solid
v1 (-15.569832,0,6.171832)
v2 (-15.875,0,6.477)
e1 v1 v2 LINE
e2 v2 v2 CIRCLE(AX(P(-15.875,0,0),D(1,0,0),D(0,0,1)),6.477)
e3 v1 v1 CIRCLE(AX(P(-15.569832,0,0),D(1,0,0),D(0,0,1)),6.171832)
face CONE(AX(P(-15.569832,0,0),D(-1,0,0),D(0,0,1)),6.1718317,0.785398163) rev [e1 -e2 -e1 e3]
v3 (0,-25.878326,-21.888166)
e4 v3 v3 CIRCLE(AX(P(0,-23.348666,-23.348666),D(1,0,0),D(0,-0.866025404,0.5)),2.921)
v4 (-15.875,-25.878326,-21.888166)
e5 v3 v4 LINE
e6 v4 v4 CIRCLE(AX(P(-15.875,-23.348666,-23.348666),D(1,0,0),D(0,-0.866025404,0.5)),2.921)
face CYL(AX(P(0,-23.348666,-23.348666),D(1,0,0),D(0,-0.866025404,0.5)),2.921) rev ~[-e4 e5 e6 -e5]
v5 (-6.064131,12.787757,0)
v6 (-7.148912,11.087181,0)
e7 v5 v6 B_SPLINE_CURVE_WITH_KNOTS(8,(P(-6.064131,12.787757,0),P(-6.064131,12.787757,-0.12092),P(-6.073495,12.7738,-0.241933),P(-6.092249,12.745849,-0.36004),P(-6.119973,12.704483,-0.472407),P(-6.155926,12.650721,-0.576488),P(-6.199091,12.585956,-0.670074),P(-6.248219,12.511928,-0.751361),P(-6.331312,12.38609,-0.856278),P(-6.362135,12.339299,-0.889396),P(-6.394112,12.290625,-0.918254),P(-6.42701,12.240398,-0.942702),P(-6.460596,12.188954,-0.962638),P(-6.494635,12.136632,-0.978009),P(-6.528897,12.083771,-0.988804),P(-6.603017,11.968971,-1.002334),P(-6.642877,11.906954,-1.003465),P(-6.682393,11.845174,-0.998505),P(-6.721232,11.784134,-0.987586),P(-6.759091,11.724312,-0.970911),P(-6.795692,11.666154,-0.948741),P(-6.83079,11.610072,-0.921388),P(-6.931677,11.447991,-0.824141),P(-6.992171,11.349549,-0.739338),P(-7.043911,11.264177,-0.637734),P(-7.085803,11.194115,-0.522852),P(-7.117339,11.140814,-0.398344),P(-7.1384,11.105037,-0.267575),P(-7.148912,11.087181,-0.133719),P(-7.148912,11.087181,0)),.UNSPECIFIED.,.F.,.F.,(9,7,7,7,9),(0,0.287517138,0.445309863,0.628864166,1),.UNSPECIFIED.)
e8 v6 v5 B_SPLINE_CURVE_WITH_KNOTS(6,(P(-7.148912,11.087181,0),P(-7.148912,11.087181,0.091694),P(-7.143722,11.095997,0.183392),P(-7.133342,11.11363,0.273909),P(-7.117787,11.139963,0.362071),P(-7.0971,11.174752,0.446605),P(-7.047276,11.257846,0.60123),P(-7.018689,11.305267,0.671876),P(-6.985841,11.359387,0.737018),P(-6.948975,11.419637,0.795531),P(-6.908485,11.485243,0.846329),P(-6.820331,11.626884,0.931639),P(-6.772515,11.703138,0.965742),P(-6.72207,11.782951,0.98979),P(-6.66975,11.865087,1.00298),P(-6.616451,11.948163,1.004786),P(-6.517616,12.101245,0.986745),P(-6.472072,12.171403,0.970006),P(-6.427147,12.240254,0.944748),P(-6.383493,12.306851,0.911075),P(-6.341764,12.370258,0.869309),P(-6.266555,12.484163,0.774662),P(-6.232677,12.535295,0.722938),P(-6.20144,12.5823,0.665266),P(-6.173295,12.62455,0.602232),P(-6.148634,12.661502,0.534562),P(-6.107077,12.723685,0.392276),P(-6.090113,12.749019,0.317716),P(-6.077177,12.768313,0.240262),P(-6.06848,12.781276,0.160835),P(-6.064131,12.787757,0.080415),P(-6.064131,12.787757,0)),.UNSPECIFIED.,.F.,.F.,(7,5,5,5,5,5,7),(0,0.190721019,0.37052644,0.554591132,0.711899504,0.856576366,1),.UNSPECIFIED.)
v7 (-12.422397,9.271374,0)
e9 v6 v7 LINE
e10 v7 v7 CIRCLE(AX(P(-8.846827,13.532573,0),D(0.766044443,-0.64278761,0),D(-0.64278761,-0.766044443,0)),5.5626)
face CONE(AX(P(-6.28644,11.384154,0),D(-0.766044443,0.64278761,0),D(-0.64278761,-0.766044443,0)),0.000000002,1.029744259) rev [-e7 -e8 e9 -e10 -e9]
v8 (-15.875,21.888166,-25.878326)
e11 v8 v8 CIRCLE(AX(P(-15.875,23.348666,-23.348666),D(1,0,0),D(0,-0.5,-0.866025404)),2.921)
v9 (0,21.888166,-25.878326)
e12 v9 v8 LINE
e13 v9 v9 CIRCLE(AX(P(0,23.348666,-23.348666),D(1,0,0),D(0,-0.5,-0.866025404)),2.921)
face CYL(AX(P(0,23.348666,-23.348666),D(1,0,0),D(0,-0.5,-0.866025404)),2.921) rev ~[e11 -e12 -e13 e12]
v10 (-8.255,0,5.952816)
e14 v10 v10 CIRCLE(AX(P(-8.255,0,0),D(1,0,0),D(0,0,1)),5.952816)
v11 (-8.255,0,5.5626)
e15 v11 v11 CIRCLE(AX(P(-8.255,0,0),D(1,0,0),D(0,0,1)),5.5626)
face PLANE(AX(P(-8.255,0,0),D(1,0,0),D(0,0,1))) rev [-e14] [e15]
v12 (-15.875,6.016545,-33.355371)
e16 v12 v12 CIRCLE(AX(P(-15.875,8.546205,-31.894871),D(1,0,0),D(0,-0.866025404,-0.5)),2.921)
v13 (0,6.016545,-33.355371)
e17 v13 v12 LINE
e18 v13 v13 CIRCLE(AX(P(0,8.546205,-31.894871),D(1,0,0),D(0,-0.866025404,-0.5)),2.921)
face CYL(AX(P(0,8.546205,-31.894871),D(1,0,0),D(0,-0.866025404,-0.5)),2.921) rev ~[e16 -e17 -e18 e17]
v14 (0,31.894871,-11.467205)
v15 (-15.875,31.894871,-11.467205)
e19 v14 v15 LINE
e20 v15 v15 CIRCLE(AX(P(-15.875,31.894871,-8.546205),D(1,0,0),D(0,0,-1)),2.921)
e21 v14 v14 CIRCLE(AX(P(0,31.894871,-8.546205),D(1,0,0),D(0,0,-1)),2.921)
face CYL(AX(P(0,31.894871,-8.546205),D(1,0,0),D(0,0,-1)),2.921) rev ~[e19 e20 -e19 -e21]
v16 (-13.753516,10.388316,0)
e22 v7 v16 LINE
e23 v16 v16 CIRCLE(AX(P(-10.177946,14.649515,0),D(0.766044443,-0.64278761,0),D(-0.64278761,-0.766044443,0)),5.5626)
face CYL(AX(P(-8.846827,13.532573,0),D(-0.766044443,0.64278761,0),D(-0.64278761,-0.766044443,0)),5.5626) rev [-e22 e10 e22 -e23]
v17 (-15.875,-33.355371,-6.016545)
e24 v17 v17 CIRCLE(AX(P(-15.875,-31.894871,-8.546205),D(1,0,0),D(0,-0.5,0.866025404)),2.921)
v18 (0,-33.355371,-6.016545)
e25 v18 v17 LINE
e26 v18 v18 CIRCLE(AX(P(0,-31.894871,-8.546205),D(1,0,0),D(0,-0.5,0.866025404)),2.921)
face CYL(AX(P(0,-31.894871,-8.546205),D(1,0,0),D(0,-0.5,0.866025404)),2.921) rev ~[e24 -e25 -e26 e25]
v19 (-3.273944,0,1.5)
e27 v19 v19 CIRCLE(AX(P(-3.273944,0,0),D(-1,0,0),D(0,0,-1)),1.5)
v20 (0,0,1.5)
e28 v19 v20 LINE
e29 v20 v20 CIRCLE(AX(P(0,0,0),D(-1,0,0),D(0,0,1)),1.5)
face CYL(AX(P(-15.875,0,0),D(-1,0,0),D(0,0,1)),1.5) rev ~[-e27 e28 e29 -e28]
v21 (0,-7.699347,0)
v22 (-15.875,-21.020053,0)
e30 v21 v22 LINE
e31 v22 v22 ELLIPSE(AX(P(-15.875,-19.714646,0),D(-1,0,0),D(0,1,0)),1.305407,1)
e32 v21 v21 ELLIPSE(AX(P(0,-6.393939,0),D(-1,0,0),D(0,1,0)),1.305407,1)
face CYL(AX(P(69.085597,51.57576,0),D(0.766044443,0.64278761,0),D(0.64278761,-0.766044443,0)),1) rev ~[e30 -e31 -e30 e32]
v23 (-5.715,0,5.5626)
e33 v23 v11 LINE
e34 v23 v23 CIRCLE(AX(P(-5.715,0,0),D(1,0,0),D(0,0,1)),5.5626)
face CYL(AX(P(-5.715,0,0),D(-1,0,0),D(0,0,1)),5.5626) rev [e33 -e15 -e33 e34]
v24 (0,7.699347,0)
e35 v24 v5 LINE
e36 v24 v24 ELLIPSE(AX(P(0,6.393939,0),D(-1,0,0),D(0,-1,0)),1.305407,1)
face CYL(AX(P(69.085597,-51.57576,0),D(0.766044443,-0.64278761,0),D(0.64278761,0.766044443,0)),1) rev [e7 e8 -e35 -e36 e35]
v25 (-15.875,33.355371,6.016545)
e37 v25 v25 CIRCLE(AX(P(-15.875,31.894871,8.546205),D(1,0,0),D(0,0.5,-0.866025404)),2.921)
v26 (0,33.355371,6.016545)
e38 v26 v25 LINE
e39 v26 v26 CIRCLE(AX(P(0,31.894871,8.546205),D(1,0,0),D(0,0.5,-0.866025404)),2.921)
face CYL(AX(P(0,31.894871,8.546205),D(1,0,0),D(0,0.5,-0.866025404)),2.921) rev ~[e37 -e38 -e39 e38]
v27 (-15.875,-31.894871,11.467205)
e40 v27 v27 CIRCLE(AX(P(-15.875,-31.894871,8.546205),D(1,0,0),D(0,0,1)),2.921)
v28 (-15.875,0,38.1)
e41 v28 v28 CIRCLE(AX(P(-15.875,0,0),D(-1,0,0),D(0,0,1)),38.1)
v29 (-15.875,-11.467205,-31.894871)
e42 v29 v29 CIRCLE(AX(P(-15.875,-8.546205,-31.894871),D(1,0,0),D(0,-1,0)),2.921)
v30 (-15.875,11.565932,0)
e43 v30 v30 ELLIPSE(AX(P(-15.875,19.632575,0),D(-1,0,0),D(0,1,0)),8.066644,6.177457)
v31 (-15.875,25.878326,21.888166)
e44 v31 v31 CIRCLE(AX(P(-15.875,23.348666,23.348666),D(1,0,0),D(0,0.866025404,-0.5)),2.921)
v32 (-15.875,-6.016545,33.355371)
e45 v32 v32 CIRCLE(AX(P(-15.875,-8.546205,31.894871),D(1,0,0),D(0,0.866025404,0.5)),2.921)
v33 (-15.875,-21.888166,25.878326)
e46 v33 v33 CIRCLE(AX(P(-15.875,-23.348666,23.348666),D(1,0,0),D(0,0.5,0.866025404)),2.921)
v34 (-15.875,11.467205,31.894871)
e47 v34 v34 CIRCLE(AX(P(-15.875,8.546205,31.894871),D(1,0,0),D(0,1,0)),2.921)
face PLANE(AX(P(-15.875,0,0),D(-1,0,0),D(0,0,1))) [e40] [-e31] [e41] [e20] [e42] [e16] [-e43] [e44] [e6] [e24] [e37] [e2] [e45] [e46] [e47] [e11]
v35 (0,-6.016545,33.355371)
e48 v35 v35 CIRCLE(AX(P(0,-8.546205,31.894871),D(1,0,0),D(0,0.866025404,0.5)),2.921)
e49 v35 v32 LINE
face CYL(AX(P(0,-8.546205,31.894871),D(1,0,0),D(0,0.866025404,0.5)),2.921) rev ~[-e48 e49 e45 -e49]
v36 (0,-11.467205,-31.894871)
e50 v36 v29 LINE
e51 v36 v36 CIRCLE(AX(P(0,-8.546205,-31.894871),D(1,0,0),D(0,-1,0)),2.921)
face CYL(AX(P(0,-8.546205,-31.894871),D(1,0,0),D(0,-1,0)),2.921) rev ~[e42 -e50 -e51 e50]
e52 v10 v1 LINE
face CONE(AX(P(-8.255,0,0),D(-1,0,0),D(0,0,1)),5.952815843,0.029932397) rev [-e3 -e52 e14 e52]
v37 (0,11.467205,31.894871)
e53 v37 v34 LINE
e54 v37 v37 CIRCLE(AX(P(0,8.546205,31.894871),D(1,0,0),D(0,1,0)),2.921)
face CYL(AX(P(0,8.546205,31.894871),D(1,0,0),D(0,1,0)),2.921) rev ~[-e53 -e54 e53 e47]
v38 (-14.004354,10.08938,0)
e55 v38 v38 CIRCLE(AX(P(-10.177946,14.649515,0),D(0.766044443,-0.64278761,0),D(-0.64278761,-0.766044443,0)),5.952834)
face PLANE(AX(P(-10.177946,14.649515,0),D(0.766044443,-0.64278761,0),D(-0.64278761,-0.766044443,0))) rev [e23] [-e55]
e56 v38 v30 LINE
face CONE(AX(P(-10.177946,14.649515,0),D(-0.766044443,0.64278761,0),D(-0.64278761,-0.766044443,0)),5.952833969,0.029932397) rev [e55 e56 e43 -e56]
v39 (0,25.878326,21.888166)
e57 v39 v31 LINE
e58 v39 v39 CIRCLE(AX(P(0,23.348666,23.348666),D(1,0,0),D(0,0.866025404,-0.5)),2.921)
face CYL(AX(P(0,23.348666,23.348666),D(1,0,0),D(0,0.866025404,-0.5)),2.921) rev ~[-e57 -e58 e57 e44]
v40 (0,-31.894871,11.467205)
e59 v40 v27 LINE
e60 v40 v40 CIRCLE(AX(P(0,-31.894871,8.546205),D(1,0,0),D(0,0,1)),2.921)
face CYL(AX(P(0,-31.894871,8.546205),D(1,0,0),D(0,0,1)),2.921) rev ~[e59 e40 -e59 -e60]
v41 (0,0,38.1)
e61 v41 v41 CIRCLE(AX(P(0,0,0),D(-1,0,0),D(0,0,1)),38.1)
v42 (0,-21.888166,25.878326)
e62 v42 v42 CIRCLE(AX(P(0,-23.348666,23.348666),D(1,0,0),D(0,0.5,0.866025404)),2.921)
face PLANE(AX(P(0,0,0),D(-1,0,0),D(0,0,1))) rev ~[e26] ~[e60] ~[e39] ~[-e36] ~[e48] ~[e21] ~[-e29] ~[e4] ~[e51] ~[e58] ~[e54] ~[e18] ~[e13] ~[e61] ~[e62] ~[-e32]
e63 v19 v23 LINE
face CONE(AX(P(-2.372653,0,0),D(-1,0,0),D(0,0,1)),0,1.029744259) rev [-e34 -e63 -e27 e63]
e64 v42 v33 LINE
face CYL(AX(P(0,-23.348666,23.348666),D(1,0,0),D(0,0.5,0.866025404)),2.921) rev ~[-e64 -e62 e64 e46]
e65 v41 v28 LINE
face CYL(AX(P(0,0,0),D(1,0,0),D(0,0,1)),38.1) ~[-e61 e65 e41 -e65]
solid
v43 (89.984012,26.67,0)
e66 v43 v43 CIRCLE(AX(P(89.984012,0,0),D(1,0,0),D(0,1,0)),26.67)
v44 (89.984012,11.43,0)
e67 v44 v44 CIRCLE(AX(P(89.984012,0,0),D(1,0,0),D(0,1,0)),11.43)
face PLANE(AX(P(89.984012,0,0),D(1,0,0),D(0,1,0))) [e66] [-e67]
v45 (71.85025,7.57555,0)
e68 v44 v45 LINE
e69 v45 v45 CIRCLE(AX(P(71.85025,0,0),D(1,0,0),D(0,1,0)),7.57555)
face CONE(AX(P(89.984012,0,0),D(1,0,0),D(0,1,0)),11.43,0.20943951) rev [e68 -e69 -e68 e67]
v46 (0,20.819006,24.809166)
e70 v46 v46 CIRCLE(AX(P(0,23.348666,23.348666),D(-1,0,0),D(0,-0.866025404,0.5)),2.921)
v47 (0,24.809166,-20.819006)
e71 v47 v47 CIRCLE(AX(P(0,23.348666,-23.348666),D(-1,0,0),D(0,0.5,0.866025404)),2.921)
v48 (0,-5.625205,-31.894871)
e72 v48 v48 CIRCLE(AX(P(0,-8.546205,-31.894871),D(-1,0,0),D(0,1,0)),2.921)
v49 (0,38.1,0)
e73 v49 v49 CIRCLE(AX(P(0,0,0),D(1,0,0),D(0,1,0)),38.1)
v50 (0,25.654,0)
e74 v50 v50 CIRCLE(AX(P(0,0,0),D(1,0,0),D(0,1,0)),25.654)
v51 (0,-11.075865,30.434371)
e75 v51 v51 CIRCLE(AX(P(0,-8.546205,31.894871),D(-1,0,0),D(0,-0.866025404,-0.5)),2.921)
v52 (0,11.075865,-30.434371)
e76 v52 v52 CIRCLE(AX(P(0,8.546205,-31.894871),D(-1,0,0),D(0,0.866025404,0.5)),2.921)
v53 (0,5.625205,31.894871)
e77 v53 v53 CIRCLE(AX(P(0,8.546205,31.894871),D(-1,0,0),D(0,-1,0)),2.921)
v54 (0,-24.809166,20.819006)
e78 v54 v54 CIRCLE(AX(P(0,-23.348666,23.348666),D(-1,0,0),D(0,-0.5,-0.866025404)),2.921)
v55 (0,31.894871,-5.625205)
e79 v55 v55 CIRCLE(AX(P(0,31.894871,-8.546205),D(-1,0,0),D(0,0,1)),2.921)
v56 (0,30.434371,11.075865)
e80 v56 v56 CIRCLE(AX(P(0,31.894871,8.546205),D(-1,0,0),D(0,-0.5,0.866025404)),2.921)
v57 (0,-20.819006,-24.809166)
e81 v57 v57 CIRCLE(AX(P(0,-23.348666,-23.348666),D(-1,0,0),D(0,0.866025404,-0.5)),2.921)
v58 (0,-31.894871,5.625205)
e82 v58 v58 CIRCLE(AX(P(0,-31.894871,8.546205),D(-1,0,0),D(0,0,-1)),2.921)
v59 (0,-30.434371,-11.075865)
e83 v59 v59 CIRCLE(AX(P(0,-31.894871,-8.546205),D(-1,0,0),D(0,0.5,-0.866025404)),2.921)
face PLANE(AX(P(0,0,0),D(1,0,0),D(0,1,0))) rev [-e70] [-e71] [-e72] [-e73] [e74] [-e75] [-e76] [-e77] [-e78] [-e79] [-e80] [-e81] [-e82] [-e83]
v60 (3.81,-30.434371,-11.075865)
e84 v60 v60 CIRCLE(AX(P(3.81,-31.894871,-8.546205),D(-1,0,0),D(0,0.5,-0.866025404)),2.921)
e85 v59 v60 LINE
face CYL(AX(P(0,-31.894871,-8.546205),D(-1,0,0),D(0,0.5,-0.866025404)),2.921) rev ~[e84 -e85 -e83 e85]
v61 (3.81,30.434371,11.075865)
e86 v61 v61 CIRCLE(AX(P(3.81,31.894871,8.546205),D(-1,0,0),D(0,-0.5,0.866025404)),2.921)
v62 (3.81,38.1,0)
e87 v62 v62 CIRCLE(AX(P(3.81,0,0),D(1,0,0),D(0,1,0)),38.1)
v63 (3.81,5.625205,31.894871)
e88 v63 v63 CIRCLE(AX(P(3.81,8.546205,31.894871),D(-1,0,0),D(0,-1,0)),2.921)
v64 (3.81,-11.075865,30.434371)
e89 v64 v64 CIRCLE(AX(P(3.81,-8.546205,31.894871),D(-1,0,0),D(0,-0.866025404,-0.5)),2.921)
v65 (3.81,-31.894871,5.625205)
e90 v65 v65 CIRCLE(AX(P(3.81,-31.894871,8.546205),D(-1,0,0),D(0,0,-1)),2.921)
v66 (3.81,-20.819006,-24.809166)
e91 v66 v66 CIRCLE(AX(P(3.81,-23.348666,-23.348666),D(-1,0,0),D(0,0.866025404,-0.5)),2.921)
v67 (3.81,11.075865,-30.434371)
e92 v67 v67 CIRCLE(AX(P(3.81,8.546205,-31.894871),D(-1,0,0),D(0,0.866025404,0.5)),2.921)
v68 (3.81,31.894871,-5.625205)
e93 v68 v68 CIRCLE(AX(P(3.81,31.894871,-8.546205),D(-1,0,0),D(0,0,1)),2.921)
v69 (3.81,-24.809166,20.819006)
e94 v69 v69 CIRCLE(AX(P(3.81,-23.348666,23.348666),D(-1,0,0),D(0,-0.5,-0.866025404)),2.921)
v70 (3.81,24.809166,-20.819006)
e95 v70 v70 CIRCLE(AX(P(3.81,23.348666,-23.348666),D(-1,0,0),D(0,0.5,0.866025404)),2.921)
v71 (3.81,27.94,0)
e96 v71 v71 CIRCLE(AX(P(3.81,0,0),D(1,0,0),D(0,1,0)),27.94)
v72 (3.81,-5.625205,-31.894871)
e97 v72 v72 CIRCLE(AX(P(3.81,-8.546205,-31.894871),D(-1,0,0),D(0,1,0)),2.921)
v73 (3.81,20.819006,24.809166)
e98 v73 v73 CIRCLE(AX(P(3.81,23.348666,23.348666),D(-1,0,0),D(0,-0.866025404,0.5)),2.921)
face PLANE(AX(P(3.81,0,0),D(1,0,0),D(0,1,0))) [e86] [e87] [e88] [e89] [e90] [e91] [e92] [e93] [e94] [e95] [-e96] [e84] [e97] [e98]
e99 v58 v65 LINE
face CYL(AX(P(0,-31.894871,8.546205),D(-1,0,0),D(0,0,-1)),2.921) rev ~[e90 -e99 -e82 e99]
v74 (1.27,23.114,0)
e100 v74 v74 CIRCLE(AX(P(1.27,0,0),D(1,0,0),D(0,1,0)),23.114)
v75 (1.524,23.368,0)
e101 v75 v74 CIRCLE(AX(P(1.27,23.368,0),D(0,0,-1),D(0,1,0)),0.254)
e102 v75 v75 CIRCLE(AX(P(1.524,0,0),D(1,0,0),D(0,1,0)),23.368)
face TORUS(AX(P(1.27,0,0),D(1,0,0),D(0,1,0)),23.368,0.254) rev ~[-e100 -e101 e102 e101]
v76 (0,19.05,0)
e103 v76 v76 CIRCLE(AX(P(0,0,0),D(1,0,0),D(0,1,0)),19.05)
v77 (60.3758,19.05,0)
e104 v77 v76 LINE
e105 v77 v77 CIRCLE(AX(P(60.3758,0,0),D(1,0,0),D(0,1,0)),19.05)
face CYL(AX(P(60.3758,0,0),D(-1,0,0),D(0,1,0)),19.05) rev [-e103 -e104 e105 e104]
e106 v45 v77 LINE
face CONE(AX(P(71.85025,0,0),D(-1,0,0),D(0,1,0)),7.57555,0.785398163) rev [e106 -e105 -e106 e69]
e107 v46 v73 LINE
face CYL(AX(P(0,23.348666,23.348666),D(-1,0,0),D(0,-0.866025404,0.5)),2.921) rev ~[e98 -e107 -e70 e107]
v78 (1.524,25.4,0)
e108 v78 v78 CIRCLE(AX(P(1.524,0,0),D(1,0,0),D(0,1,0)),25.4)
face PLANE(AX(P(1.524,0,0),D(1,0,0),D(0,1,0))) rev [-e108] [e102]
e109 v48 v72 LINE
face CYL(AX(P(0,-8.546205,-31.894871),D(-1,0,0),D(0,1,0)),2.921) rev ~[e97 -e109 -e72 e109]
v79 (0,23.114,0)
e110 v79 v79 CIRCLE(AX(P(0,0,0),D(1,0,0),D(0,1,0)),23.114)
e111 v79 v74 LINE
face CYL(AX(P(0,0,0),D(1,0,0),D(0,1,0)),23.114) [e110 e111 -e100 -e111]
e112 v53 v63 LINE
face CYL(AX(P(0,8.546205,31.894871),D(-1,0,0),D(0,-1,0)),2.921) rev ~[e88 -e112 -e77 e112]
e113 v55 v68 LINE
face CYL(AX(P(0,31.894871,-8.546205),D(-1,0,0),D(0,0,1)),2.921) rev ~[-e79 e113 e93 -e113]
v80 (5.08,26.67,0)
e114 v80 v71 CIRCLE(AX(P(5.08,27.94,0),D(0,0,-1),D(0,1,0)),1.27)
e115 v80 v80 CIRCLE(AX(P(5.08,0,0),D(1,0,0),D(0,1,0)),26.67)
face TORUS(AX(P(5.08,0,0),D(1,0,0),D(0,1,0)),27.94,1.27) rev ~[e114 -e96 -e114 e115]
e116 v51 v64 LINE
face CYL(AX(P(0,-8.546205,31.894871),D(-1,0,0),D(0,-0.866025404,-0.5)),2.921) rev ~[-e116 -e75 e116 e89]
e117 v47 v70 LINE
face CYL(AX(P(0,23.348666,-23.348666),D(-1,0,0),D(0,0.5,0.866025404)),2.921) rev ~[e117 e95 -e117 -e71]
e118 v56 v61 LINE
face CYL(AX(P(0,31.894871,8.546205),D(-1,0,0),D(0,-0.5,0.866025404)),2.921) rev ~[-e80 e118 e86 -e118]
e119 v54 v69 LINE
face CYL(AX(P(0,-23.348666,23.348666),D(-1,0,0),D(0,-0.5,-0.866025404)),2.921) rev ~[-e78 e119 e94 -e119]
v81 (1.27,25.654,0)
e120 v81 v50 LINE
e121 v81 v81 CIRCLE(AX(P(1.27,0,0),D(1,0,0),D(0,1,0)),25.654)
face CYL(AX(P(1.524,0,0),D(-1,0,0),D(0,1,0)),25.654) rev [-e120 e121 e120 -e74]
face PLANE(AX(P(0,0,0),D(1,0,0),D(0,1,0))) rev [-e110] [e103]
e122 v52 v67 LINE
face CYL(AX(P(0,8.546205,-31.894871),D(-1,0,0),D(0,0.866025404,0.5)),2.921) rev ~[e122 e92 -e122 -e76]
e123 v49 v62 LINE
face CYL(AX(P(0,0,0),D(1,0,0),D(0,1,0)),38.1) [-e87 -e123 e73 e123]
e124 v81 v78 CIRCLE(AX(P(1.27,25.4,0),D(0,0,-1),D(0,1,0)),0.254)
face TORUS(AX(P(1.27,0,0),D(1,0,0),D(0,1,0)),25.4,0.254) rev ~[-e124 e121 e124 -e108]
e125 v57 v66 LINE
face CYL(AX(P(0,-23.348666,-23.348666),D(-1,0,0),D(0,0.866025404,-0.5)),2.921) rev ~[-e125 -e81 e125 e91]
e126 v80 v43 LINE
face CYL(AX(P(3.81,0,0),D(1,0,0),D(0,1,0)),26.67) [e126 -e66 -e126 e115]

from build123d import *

# Parameters (mm, degrees)
FILLET1_R           = 1.27
SKETCH2_R           = 2.921
CUT_EXTRUDE1_DEPTH  = 3.81
CIRPATTERN1_COUNT   = 12
FILLET2_R           = 0.254
SKETCH4_R           = 38.1
BOSS_EXTRUDE1_DEPTH = 15.875
SKETCH5_R           = 2.921
CUT_EXTRUDE2_DEPTH  = 15.875
CIRPATTERN2_COUNT   = 12
SKETCH6_R           = 1.500000048
CUT_EXTRUDE3_DEPTH  = 15.875
CUT_EXTRUDE4_START  = -110.908183
SKETCH8_R           = 1.000000032
CUT_EXTRUDE4_DEPTH  = 122.726061


with BuildPart() as part:
    # Chamber Revolve → Revolve1 (revolve)
    with BuildSketch(Plane.XY):
        Polygon((3.81, 26.67), (89.984011525, 26.67), (89.984011525, 11.43), (71.85025, 7.57555), (60.3758, 19.05), (0, 19.05), (0, 23.114), (1.524, 23.114), (1.524, 25.654), (0, 25.654), (0, 38.1), (3.81, 38.1), align=None)
    revolve(axis=Axis((0, 0, 0), (1, 0, 0)))

    # Fillet1
    fillet1_edges = [part.edges().sort_by_distance(p)[0] for p in [
        (3.81, -26.67, 0),
    ]]
    fillet(fillet1_edges, radius=FILLET1_R)

    # Sketch2 → Cut-Extrude1 (cut)
    with BuildSketch(Plane.ZY):
        with Locations((-8.546204869, 31.894870784)):
            Circle(SKETCH2_R)
    cut_extrude1 = extrude(amount=-CUT_EXTRUDE1_DEPTH, mode=Mode.SUBTRACT)

    # CirPattern1: Cut-Extrude1 ×12 about axis
    cirpattern1_axis = Axis((0, 0, 0), (1, 0, 0))
    for i in range(1, CIRPATTERN1_COUNT):
        add(cut_extrude1.rotate(cirpattern1_axis, i * 360 / CIRPATTERN1_COUNT), mode=Mode.SUBTRACT)

    # Fillet2
    fillet2_edges = [part.edges().sort_by_distance(p)[0] for p in [
        (1.524, -23.114, 0),
        (1.524, -25.654, 0),
    ]]
    fillet(fillet2_edges, radius=FILLET2_R)


with BuildPart() as body_2:
    # Sketch4 → Boss-Extrude1 (new body)
    with BuildSketch(Plane.ZY):
        Circle(SKETCH4_R)
    extrude(amount=BOSS_EXTRUDE1_DEPTH)

    # Sketch5 → Cut-Extrude2 (cut)
    with BuildSketch(Plane(origin=(0, 0, 0), x_dir=(0, 0, -1), z_dir=(1, 0, 0))):
        with Locations((8.546204869, 31.894870784)):
            Circle(SKETCH5_R)
    cut_extrude2 = extrude(amount=-CUT_EXTRUDE2_DEPTH, mode=Mode.SUBTRACT)

    # CirPattern2: Cut-Extrude2 ×12 about axis
    cirpattern2_axis = Axis((0, 0, 0), (1, 0, 0))
    for i in range(1, CIRPATTERN2_COUNT):
        add(cut_extrude2.rotate(cirpattern2_axis, i * 360 / CIRPATTERN2_COUNT), mode=Mode.SUBTRACT)

    # Sketch6 → Cut-Extrude3 (cut)
    with BuildSketch(Plane.ZY.offset(15.875)):
        Circle(SKETCH6_R)
    extrude(amount=-CUT_EXTRUDE3_DEPTH, mode=Mode.SUBTRACT)

    # Sketch8 → Cut-Extrude4 (cut)
    with BuildSketch(Plane(origin=(-15.875, 19.714645835, 0), x_dir=(0.64278761, 0.766044443, 0), z_dir=(-0.766044443, 0.64278761, 0)).offset(CUT_EXTRUDE4_START)):
        Circle(SKETCH8_R)
    cut_extrude4 = extrude(amount=CUT_EXTRUDE4_DEPTH, mode=Mode.SUBTRACT)

    # Mirror1: Cut-Extrude4 across plane
    add(cut_extrude4.mirror(Plane.ZX), mode=Mode.SUBTRACT)

    # Sketch10 → 1_4 NPT Tapped Hole1 (revolve, cut)
    with BuildSketch(Plane(origin=(-15.875, 0, 0), x_dir=(0, 0, 1), z_dir=(0, 1, 0))):
        Polygon((0, 0), (0, 13.502347279), (5.5626, 10.16), (5.5626, 7.62), (5.952815843, 7.62), (6.1718317, 0.3051683), (6.477, 0), align=None)
    revolve(axis=Axis((-22.225, 0, 0), (1, 0, 0)), mode=Mode.SUBTRACT)

    # Sketch17 → 1_4 NPT Tapped Hole3 (revolve, cut)
    with BuildSketch(Plane(origin=(-25.743969021, 27.710959149, 0), x_dir=(-0.64278761, -0.766044443, 0), z_dir=(0, 0, 1))):
        Polygon((0, 0), (0, 25.4), (5.5626, 22.057652721), (5.5626, 20.32), (5.952833971, 20.32), (6.5520824, 0.3059176), (6.858, 0), align=None)
    revolve(axis=Axis((-30.608351235, 31.792660471, 0), (0.766044443, -0.64278761, 0)), mode=Mode.SUBTRACT)


solid = Compound([part.part, body_2.part])
